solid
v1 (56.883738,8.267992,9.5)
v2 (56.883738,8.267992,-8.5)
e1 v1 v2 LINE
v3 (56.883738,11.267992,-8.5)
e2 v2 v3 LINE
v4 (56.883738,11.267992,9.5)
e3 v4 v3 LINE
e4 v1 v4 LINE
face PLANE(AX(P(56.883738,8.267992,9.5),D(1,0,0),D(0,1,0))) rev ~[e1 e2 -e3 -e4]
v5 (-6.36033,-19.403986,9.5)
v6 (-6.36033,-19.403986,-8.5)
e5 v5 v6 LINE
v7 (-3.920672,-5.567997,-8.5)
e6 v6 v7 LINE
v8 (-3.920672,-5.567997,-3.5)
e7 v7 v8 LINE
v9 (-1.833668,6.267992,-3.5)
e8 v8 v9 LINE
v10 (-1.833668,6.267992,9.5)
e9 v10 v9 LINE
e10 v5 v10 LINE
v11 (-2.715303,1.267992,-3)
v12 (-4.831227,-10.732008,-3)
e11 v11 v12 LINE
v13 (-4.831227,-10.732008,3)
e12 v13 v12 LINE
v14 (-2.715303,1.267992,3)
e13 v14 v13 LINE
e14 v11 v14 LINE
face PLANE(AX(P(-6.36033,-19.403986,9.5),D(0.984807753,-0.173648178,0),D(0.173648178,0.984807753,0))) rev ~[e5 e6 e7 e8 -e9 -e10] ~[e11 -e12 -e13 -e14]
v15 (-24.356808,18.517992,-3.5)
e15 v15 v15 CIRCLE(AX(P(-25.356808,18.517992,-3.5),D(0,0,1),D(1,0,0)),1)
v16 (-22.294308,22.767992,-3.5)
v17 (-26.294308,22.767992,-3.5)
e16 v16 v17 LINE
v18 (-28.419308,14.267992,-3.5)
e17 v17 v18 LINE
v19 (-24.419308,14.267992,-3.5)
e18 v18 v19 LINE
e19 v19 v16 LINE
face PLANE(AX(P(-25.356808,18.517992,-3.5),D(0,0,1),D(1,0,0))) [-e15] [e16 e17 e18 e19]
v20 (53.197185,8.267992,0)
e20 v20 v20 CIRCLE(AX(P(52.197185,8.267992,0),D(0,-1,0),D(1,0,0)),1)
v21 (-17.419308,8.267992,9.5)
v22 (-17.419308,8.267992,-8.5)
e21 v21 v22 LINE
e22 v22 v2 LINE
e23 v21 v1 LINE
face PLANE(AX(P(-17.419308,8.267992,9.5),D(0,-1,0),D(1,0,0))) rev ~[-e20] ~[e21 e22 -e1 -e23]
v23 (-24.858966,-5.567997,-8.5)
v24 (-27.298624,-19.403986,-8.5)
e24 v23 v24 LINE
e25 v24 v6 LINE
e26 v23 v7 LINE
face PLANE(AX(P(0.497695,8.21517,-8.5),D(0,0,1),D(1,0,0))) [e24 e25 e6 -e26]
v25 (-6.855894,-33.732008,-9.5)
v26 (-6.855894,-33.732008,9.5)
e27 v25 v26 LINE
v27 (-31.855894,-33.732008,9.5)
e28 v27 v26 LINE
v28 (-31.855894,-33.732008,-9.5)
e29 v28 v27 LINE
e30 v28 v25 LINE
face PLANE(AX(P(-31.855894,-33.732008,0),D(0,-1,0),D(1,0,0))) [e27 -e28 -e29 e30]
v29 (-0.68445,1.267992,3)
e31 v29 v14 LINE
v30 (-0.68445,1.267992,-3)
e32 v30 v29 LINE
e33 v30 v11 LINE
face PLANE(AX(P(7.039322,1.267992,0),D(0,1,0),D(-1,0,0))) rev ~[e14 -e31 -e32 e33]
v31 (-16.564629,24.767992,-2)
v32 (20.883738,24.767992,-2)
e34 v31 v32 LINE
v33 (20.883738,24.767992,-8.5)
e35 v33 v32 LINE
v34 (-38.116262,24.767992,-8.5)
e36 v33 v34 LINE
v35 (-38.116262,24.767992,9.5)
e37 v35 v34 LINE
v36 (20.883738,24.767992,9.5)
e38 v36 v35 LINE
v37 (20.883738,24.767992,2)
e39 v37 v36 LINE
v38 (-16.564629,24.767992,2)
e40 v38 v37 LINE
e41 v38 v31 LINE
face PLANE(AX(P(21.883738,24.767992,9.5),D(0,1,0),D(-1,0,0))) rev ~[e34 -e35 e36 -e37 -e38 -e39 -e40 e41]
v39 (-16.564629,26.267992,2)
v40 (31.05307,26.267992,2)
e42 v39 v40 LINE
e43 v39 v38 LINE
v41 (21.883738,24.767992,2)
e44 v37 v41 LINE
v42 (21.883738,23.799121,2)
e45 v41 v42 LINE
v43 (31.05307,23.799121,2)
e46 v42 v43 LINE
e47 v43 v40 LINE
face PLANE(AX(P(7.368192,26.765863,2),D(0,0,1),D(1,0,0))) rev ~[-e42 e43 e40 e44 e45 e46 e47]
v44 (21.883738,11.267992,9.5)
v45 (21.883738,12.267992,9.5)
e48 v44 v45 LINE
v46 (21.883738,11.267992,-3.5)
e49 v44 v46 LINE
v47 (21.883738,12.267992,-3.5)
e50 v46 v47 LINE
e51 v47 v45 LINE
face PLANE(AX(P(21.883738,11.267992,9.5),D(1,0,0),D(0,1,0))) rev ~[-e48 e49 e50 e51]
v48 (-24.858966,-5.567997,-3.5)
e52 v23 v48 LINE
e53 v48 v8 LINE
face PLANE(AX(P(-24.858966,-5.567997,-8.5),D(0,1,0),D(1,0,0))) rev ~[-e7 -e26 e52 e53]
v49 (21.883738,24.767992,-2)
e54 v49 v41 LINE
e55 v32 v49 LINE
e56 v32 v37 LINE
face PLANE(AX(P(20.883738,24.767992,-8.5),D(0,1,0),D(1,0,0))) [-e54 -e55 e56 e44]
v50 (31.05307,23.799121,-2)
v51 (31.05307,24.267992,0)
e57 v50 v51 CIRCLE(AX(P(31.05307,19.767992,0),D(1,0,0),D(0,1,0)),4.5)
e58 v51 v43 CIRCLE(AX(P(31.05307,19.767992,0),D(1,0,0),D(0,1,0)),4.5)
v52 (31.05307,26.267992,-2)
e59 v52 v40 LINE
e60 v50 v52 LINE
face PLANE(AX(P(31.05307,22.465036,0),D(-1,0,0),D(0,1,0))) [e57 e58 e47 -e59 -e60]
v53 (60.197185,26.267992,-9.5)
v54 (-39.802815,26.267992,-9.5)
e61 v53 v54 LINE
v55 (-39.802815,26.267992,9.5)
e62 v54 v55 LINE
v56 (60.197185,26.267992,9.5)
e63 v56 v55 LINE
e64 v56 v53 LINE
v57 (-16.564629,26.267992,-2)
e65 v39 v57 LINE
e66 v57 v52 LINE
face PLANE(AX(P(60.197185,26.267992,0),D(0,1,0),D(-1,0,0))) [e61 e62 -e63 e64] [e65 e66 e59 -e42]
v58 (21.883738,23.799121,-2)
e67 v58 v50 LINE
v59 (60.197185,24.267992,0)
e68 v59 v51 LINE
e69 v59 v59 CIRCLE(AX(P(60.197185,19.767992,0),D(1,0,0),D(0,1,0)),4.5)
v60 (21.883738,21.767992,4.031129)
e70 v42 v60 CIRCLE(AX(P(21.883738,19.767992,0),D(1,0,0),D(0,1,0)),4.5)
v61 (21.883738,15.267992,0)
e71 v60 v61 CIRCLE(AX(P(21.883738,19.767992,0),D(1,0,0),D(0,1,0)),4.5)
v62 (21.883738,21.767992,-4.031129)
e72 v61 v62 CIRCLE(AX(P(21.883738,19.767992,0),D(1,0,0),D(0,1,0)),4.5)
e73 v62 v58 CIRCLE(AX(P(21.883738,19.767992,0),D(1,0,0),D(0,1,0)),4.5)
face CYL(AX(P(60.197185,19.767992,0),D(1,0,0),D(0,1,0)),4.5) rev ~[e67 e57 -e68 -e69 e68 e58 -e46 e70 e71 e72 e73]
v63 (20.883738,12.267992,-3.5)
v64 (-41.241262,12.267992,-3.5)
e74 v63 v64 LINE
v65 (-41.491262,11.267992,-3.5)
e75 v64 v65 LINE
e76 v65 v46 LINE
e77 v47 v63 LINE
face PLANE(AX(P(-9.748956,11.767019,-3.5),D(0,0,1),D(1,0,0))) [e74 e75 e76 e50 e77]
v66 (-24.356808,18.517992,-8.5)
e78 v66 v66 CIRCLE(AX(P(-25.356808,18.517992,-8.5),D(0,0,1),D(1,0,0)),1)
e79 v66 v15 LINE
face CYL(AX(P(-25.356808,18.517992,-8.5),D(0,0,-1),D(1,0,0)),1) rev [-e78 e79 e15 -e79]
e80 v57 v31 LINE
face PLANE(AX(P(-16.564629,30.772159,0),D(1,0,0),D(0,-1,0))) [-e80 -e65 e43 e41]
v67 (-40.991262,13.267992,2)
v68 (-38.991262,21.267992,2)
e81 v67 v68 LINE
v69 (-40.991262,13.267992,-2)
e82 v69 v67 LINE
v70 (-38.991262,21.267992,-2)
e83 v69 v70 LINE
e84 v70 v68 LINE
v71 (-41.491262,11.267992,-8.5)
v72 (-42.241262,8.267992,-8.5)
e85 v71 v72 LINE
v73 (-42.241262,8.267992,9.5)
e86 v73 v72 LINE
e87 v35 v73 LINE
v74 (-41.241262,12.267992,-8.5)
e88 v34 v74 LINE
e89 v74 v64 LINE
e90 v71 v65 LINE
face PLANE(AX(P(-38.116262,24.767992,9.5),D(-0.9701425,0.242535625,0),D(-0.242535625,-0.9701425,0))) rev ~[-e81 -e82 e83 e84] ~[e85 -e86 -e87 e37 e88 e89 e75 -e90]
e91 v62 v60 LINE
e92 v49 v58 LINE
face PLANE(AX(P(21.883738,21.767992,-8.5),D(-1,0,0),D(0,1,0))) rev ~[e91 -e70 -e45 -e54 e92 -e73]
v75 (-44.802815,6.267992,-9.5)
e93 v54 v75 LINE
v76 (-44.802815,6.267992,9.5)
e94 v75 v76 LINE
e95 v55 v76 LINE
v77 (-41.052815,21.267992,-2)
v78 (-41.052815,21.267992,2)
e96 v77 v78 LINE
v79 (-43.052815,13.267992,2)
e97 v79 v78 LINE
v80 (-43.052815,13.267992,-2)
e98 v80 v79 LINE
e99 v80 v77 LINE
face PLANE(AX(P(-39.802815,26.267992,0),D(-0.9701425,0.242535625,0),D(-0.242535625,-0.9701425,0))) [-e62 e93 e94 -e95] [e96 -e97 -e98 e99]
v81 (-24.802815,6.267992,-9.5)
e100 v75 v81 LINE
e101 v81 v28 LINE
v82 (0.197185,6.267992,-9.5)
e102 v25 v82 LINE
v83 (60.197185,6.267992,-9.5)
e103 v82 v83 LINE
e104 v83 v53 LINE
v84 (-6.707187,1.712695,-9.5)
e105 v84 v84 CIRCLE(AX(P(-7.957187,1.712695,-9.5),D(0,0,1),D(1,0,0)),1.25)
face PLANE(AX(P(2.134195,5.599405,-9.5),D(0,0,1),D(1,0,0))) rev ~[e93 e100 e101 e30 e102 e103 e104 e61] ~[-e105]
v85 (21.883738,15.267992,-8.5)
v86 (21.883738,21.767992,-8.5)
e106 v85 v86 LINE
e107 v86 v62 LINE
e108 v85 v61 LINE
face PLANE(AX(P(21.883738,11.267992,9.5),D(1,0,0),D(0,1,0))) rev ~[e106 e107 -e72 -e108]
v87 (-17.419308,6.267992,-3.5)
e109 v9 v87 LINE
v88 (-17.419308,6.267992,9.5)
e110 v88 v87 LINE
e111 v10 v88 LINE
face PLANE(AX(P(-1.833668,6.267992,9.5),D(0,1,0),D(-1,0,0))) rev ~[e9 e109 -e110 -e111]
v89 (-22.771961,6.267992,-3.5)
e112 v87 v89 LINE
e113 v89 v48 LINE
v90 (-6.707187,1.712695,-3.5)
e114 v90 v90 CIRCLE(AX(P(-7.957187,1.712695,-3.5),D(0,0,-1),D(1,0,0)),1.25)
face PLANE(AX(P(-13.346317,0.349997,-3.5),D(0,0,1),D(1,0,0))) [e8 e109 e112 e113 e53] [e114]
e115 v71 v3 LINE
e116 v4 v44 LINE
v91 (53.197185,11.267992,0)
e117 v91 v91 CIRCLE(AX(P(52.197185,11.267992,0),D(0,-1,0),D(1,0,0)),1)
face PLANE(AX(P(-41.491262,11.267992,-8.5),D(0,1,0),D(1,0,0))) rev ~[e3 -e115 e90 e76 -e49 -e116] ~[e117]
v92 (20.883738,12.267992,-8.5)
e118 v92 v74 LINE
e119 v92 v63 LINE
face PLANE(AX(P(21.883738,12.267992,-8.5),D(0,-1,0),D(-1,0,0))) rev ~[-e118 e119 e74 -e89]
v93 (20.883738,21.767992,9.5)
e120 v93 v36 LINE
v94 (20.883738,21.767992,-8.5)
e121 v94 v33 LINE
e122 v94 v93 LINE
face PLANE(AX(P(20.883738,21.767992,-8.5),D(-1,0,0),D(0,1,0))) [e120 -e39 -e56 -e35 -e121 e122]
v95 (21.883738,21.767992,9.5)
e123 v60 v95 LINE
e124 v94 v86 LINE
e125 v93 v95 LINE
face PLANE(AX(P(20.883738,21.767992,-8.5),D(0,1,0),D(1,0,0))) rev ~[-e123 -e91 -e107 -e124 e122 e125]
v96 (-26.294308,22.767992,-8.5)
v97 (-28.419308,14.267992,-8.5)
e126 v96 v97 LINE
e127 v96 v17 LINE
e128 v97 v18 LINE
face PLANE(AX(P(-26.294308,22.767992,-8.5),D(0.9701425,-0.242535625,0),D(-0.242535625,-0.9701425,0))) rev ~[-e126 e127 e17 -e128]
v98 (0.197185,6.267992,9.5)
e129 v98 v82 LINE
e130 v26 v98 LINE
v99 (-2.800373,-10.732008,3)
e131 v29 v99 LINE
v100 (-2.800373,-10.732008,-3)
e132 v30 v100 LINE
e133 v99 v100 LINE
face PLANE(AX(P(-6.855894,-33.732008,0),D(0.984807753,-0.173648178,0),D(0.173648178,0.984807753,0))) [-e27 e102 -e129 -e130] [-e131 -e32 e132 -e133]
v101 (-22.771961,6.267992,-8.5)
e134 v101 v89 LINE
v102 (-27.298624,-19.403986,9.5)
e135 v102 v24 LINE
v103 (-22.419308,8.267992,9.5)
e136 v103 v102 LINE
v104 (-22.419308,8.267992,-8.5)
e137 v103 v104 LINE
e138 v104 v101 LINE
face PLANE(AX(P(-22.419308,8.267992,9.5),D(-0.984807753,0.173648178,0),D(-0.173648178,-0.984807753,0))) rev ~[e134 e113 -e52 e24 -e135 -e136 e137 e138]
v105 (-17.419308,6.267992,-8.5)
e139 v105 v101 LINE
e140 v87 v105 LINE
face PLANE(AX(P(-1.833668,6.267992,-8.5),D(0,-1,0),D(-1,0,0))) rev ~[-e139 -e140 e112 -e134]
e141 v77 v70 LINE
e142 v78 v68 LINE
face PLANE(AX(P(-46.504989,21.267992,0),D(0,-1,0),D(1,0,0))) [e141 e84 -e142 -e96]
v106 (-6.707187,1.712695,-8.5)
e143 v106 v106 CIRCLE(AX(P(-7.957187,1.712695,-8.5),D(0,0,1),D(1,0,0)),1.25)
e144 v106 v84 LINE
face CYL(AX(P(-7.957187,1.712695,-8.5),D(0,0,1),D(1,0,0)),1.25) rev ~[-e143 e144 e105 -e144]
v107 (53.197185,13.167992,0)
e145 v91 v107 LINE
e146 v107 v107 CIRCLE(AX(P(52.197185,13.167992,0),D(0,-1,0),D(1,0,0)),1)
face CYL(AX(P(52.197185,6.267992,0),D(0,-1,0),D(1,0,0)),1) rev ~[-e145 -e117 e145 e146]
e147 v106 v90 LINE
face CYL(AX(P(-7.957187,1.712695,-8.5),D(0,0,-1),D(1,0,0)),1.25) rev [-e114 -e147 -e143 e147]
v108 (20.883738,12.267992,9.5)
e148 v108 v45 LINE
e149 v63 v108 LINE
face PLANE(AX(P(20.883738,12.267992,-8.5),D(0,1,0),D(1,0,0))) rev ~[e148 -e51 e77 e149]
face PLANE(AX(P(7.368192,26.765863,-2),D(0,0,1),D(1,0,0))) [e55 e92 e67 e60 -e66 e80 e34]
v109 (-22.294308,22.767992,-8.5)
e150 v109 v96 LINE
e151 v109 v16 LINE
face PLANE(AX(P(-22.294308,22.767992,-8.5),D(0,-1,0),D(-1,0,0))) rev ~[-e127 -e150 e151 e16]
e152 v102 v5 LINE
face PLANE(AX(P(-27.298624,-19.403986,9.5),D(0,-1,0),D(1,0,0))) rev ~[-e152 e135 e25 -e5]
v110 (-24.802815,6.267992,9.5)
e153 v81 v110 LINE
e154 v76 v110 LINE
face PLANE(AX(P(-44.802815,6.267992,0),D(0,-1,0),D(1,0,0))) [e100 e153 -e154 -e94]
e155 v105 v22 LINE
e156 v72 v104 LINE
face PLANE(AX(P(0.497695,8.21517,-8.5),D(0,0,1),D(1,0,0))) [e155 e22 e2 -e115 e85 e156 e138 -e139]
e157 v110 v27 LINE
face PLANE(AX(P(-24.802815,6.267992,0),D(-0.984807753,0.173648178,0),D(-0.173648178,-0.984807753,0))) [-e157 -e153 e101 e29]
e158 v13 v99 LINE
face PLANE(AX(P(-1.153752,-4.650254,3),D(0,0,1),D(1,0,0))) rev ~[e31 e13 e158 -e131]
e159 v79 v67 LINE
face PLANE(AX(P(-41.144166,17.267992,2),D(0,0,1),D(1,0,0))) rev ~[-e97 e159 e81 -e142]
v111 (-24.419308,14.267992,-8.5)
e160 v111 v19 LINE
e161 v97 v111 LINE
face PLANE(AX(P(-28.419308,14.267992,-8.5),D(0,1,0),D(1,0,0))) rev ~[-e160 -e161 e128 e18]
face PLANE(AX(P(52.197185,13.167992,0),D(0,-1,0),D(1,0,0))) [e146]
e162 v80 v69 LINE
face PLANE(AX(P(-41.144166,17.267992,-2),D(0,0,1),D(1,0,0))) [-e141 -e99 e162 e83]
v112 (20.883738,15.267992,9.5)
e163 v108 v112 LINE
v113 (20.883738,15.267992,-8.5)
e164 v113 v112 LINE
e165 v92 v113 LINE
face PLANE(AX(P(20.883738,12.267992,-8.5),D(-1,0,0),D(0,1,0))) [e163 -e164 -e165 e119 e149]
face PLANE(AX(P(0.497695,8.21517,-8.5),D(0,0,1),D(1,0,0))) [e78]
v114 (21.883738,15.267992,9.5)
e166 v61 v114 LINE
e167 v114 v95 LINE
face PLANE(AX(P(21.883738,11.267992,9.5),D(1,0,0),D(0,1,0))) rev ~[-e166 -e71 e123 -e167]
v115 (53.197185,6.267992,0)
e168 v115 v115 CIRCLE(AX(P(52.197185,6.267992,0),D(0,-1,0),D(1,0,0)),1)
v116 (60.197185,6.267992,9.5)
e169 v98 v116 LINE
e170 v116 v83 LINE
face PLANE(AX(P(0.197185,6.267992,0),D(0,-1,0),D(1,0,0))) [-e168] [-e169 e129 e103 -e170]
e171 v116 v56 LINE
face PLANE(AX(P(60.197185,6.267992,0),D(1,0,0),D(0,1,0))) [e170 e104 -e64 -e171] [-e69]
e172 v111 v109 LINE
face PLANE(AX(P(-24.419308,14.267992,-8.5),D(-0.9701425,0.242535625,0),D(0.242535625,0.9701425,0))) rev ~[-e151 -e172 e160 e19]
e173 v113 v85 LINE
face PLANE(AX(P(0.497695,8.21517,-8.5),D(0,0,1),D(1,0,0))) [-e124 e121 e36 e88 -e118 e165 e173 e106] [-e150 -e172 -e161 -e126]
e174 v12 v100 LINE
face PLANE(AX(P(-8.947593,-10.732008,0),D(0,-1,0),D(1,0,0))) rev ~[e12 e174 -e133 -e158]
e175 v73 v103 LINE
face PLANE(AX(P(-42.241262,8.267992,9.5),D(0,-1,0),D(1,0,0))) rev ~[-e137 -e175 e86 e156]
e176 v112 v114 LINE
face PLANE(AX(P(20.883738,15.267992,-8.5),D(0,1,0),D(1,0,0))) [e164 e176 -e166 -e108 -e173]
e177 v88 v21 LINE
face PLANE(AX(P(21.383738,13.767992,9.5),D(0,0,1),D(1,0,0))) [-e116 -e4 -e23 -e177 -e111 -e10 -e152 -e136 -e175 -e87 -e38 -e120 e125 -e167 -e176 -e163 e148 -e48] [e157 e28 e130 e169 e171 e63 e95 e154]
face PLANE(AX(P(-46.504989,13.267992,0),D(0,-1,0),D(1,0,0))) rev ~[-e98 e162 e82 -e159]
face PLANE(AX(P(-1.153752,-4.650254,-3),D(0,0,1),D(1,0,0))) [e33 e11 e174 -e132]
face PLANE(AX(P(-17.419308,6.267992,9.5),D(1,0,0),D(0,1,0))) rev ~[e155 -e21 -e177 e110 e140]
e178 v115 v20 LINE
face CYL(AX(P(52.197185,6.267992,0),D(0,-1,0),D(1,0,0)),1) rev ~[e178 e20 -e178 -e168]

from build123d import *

# Parameters (mm, degrees)
F1_DEPTH  = 9.5
F3_DEPTH  = 18
F4_R      = 4.5
F5_DEPTH  = 40
F6_W      = 10.7216464161
F6_H      = 8
F7_DEPTH  = 2
F8_R      = 1
F9_DEPTH  = 5
F8_W      = 1
F8_H      = 3
F10_DEPTH = 18
F11_DEPTH = 18
F12_R     = 1
F13_DEPTH = 6.9
F15_DEPTH = 3
F16_R     = 1.25
F17_DEPTH = 5
F18_DEPTH = 25


with BuildPart() as f1:
    # F0 (on Top) → F1 (new body, symmetric)
    with BuildSketch(Plane.XY):
        Polygon((60.1971853051, 26.2679918303), (-39.8028146949, 26.2679918303), (-44.8028146949, 6.2679918303), (-24.8028146949, 6.2679918303), (-31.8558939232, -33.7320081697), (-6.8558939232, -33.7320081697), (0.1971853051, 6.2679918303), (60.1971853051, 6.2679918303), align=None)
    extrude(amount=F1_DEPTH, both=True)

    # F2 (on face) → F3 (cut)
    with BuildSketch(Plane.XY.offset(9.5)):
        Polygon((21.8837381179, 24.7679918303), (-38.1162618821, 24.7679918303), (-42.2412618821, 8.2679918303), (-22.4193075097, 8.2679918303), (-27.2986237894, -19.4039858791), (-6.3603302369, -19.4039858791), (-1.8336679186, 6.2679918303), (-17.4193075097, 6.2679918303), (-17.4193075097, 8.2679918303), (56.8837381179, 8.2679918303), (56.8837381179, 11.2679918303), (21.8837381179, 11.2679918303), align=None)
    extrude(amount=-F3_DEPTH, mode=Mode.SUBTRACT)

    # F4 (on face) → F5 (cut)
    with BuildSketch(Plane.YZ.offset(60.1971853051)):
        with Locations((19.7679918303, 0)):
            Circle(F4_R)
    extrude(amount=-F5_DEPTH, mode=Mode.SUBTRACT)

    # F6 (on Top) → F7 (cut, symmetric)
    with BuildSketch(Plane.XY):
        Polygon((31.0530696271, 22.4650362791), (31.0530696271, 31.3576222958), (-16.5646290837, 30.772159468), (-16.5646290837, 22.4650362791), align=None)
        with Locations((-41.1441657065, 17.2679918303)):
            Rectangle(F6_W, F6_H)
    extrude(amount=F7_DEPTH, both=True, mode=Mode.SUBTRACT)

    # F8 (on face) → F9 (join)
    with BuildSketch(Plane.XY.offset(-8.5)):
        Polygon((-41.4912618821, 11.2679918303), (21.8837381179, 11.2679918303), (21.8837381179, 12.2679918303), (20.8837381179, 12.2679918303), (-41.2412618821, 12.2679918303), align=None)
        Polygon((-17.4193075097, 6.2679918303), (-22.7719614711, 6.2679918303), (-24.8589656495, -5.5679970244), (-3.9206720971, -5.5679970244), (-1.8336679186, 6.2679918303), align=None)
        Polygon((-28.4193075097, 14.2679918303), (-24.4193075097, 14.2679918303), (-22.2943075097, 22.7679918303), (-26.2943075097, 22.7679918303), align=None)
        with Locations((-25.3568075097, 18.5179918303)):
            Circle(F8_R, mode=Mode.SUBTRACT)
    extrude(amount=F9_DEPTH)

    # F8 (on face) → F10 (join, through all)
    with BuildSketch(Plane.XY.offset(-8.5)):
        with Locations((21.3837381179, 23.2679918303)):
            Rectangle(F8_W, F8_H)
    extrude(amount=F10_DEPTH)

    # F8 (on face) → F11 (join, through all)
    with BuildSketch(Plane.XY.offset(-8.5)):
        with Locations((21.3837381179, 13.7679918303)):
            Rectangle(F8_W, F8_H)
    extrude(amount=F11_DEPTH)

    # F12 (on face) → F13 (cut)
    with BuildSketch(Plane.XZ.offset(-6.2679918303)):
        with Locations((52.1971853051, 0)):
            Circle(F12_R)
    extrude(amount=-F13_DEPTH, mode=Mode.SUBTRACT)

    # F14 (on Top) → F15 (cut, symmetric)
    with BuildSketch(Plane.XY):
        Polygon((7.0393216934, 1.2679918303), (-9.7211528242, 1.2679918303), (-8.9475925263, -10.7320081697), (7.0393216934, -10.7320081697), align=None)
    extrude(amount=F15_DEPTH, both=True, mode=Mode.SUBTRACT)

    # F16 (on face) → F17 (cut)
    with BuildSketch(Plane.XY.offset(-8.5)):
        with Locations((-7.9571865499, 1.7126952298)):
            Circle(F16_R)
    extrude(amount=-F17_DEPTH, mode=Mode.SUBTRACT)

    # F18 (cut): a face of the model
    f18_faces = [f1.faces().sort_by_distance(p)[0] for p in [
        (-7.9571865499, 1.7126952298, -8.5),
    ]]
    extrude(f18_faces, amount=-F18_DEPTH, mode=Mode.SUBTRACT)


solid = f1.part
